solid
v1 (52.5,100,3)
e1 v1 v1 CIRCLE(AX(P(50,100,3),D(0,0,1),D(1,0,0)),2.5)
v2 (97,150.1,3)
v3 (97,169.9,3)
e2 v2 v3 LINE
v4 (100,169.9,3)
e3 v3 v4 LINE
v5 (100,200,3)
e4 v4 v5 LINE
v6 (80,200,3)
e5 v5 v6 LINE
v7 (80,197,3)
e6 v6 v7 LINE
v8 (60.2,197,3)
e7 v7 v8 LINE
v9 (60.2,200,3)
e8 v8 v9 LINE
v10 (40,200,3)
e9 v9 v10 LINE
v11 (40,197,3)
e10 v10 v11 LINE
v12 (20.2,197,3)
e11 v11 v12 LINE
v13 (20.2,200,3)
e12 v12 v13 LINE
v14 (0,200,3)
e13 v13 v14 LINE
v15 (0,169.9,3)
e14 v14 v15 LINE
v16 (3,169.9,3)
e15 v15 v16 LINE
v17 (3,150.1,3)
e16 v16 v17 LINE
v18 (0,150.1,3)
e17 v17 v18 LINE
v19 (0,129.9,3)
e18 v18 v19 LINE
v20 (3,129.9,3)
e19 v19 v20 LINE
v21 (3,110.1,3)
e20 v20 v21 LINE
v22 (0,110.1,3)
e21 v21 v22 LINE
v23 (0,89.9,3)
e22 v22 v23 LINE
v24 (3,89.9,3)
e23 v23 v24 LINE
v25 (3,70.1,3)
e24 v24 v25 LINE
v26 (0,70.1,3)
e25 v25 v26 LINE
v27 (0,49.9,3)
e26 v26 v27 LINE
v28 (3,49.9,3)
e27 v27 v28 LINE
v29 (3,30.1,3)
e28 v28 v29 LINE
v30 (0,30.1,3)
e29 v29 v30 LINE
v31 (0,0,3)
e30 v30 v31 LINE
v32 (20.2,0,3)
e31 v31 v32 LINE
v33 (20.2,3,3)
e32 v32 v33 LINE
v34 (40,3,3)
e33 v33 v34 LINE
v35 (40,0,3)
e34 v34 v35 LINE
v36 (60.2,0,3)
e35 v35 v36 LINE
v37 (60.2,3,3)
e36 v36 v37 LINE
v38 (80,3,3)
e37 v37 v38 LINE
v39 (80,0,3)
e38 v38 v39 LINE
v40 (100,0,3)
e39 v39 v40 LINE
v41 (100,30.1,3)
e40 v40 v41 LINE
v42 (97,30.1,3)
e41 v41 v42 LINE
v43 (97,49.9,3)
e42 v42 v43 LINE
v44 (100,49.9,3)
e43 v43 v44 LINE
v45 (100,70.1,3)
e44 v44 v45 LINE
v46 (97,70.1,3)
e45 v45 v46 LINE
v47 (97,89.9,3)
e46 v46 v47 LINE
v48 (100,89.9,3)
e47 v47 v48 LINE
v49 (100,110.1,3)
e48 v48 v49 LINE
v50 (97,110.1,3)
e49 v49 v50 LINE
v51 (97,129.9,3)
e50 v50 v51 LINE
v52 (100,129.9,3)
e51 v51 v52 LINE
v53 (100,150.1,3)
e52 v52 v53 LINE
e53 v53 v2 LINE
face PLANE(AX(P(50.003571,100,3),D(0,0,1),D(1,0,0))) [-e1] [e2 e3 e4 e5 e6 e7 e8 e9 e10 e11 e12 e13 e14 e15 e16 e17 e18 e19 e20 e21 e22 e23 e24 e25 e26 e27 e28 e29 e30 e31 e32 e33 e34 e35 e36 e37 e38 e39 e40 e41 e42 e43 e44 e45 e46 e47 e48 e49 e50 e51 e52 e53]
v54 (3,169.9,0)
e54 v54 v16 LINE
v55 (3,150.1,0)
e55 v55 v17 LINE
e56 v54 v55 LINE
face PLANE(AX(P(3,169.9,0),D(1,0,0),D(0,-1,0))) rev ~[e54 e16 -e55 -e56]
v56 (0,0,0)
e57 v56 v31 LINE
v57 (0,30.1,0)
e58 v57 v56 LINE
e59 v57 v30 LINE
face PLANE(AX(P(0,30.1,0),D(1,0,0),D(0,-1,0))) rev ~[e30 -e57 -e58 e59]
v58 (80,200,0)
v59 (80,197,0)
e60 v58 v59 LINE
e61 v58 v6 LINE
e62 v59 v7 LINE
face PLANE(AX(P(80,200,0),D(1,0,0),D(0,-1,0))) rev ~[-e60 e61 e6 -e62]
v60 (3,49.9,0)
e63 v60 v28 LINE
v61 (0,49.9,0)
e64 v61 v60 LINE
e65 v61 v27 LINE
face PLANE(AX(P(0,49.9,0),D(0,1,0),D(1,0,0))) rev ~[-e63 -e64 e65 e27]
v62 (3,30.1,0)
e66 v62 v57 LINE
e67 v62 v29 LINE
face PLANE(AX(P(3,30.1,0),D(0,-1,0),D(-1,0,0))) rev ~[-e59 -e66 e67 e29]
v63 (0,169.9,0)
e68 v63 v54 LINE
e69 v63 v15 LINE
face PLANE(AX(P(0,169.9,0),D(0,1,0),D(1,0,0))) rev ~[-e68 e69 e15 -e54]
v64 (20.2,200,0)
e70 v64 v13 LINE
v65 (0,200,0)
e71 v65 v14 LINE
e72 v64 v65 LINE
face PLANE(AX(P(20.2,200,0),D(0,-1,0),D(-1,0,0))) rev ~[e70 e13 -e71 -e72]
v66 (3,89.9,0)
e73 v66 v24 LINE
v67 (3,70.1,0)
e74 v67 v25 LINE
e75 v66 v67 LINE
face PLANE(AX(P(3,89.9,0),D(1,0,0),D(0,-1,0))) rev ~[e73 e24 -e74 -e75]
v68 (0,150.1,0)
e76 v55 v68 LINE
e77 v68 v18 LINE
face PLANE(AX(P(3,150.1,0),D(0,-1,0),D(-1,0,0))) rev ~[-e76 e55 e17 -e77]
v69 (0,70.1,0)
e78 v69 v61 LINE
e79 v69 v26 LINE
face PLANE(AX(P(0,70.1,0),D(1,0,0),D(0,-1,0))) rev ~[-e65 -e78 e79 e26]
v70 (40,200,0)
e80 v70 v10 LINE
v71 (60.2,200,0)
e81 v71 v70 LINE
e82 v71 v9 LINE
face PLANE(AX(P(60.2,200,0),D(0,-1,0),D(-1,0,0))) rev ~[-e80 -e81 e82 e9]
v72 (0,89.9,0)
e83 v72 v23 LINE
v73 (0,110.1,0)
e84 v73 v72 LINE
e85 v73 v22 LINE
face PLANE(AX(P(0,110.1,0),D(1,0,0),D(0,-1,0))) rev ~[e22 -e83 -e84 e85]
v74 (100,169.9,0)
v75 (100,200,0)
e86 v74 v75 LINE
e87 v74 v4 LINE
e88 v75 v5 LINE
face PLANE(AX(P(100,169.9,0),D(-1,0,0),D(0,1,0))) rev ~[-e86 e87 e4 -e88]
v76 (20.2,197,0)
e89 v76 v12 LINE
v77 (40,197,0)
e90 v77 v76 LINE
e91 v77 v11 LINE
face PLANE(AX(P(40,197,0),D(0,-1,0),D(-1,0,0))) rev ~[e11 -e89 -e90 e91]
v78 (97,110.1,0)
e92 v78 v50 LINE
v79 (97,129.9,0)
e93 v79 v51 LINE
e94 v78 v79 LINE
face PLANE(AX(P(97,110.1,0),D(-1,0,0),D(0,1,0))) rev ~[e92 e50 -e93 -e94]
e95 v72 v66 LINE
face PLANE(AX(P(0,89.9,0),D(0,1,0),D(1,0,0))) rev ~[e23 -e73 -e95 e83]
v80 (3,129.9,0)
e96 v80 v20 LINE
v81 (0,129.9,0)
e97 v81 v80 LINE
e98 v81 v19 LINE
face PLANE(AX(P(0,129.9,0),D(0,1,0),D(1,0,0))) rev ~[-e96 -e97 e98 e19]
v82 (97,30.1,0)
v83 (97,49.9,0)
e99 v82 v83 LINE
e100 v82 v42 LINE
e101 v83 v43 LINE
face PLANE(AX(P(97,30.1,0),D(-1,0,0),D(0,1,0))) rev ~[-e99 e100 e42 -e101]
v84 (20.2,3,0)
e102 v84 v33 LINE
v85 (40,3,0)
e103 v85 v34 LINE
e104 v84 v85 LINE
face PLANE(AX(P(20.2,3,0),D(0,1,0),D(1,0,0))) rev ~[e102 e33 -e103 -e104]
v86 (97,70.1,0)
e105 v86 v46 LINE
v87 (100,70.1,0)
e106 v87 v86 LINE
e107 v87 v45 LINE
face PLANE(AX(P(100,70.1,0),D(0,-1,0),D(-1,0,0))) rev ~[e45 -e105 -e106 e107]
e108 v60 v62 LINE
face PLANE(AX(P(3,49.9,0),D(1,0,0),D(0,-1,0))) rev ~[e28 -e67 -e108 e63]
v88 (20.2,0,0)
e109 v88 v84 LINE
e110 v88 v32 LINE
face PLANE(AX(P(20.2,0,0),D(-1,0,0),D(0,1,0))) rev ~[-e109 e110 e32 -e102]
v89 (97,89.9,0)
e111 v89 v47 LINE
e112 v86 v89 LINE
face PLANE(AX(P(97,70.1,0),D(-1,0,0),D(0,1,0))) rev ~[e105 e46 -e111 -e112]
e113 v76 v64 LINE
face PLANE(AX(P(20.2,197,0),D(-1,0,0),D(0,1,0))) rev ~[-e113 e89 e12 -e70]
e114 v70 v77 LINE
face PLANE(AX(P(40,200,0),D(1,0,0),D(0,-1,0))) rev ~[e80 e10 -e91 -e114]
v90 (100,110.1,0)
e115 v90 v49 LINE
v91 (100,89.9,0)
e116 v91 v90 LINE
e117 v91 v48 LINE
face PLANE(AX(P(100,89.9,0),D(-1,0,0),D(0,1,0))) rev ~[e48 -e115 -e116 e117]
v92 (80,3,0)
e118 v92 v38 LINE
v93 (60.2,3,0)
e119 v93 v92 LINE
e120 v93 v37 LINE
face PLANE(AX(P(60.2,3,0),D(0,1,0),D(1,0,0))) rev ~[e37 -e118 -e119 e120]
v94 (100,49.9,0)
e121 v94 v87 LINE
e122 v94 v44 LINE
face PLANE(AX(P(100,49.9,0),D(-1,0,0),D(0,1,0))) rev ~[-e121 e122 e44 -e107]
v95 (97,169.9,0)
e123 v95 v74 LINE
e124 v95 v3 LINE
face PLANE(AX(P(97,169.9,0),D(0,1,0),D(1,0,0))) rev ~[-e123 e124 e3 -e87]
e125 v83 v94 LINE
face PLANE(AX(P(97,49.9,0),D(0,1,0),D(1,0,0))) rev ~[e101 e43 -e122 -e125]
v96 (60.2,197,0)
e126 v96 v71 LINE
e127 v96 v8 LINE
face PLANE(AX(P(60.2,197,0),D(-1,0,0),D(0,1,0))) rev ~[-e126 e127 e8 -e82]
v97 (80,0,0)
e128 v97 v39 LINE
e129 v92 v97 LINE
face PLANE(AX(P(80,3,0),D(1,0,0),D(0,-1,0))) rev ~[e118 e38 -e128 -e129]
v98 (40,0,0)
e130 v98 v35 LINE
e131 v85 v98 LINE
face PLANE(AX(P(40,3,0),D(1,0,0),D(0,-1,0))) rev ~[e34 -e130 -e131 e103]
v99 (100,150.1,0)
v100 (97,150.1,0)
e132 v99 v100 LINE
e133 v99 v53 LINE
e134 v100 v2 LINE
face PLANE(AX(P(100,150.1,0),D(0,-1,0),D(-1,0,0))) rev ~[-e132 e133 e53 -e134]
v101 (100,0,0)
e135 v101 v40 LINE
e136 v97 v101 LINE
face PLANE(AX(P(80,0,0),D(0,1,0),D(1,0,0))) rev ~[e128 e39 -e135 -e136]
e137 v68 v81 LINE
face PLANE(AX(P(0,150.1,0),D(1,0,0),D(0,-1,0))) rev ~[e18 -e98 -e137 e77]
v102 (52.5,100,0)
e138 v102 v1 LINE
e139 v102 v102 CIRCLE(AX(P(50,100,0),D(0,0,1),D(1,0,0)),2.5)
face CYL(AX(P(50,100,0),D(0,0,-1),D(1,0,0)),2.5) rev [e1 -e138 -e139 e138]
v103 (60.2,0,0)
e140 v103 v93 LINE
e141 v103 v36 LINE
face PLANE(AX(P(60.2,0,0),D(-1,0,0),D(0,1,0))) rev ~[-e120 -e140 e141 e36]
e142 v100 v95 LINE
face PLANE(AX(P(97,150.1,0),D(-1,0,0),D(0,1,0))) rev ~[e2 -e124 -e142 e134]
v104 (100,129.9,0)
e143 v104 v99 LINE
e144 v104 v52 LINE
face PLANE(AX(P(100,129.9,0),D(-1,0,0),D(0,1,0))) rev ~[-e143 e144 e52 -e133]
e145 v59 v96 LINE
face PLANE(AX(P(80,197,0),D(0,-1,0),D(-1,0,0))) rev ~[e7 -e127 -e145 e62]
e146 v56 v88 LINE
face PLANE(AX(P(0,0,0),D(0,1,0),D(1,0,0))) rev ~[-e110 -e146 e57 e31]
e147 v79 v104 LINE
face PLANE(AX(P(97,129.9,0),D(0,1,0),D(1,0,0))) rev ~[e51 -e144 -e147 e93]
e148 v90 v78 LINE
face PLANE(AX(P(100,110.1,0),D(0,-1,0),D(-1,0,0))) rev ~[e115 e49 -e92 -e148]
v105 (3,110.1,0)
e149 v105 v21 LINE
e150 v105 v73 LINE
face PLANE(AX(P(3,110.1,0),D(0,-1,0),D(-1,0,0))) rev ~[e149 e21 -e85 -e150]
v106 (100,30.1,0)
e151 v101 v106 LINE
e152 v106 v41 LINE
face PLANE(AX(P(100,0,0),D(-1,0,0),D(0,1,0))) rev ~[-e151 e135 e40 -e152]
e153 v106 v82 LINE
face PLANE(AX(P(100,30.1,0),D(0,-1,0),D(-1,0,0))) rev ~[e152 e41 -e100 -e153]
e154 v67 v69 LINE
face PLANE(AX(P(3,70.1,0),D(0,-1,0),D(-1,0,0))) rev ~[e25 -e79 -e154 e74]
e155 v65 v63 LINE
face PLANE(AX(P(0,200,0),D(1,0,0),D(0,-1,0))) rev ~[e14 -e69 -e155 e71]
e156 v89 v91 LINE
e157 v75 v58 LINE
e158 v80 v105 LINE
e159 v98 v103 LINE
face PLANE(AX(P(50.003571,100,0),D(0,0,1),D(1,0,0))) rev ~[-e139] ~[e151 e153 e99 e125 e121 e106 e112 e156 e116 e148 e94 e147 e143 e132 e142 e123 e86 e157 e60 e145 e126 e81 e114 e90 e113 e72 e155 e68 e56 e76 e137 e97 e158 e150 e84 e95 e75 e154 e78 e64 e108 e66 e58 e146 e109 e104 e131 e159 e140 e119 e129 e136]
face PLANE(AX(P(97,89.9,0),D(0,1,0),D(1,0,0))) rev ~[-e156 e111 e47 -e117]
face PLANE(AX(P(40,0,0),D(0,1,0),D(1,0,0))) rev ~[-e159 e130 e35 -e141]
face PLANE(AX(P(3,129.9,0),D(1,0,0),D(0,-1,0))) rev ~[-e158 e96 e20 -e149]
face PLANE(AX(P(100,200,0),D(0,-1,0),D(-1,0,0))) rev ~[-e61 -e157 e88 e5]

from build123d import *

# Parameters (mm, degrees)
SKETCH1_R           = 2.5
BOSS_EXTRUDE1_DEPTH = 3


with BuildPart() as part:
    # Sketch1 → Boss-Extrude1 (new body)
    with BuildSketch(Plane.XY):
        Polygon((60.2, 197), (60.2, 200), (40, 200), (40, 197), (20.2, 197), (20.2, 200), (0, 200), (0, 169.9), (3, 169.9), (3, 150.1), (0, 150.1), (0, 129.9), (3, 129.9), (3, 110.1), (0, 110.1), (0, 89.9), (3, 89.9), (3, 70.1), (0, 70.1), (0, 49.9), (3, 49.9), (3, 30.1), (0, 30.1), (0, 0), (20.2, 0), (20.2, 3), (40, 3), (40, 0), (60.2, 0), (60.2, 3), (80, 3), (80, 0), (100, 0), (100, 30.1), (97, 30.1), (97, 49.9), (100, 49.9), (100, 70.1), (97, 70.1), (97, 89.9), (100, 89.9), (100, 110.1), (97, 110.1), (97, 129.9), (100, 129.9), (100, 150.1), (97, 150.1), (97, 169.9), (100, 169.9), (100, 200), (80, 200), (80, 197), align=None)
        with Locations((50, 100)):
            Circle(SKETCH1_R, mode=Mode.SUBTRACT)
    extrude(amount=BOSS_EXTRUDE1_DEPTH)


solid = part.part
